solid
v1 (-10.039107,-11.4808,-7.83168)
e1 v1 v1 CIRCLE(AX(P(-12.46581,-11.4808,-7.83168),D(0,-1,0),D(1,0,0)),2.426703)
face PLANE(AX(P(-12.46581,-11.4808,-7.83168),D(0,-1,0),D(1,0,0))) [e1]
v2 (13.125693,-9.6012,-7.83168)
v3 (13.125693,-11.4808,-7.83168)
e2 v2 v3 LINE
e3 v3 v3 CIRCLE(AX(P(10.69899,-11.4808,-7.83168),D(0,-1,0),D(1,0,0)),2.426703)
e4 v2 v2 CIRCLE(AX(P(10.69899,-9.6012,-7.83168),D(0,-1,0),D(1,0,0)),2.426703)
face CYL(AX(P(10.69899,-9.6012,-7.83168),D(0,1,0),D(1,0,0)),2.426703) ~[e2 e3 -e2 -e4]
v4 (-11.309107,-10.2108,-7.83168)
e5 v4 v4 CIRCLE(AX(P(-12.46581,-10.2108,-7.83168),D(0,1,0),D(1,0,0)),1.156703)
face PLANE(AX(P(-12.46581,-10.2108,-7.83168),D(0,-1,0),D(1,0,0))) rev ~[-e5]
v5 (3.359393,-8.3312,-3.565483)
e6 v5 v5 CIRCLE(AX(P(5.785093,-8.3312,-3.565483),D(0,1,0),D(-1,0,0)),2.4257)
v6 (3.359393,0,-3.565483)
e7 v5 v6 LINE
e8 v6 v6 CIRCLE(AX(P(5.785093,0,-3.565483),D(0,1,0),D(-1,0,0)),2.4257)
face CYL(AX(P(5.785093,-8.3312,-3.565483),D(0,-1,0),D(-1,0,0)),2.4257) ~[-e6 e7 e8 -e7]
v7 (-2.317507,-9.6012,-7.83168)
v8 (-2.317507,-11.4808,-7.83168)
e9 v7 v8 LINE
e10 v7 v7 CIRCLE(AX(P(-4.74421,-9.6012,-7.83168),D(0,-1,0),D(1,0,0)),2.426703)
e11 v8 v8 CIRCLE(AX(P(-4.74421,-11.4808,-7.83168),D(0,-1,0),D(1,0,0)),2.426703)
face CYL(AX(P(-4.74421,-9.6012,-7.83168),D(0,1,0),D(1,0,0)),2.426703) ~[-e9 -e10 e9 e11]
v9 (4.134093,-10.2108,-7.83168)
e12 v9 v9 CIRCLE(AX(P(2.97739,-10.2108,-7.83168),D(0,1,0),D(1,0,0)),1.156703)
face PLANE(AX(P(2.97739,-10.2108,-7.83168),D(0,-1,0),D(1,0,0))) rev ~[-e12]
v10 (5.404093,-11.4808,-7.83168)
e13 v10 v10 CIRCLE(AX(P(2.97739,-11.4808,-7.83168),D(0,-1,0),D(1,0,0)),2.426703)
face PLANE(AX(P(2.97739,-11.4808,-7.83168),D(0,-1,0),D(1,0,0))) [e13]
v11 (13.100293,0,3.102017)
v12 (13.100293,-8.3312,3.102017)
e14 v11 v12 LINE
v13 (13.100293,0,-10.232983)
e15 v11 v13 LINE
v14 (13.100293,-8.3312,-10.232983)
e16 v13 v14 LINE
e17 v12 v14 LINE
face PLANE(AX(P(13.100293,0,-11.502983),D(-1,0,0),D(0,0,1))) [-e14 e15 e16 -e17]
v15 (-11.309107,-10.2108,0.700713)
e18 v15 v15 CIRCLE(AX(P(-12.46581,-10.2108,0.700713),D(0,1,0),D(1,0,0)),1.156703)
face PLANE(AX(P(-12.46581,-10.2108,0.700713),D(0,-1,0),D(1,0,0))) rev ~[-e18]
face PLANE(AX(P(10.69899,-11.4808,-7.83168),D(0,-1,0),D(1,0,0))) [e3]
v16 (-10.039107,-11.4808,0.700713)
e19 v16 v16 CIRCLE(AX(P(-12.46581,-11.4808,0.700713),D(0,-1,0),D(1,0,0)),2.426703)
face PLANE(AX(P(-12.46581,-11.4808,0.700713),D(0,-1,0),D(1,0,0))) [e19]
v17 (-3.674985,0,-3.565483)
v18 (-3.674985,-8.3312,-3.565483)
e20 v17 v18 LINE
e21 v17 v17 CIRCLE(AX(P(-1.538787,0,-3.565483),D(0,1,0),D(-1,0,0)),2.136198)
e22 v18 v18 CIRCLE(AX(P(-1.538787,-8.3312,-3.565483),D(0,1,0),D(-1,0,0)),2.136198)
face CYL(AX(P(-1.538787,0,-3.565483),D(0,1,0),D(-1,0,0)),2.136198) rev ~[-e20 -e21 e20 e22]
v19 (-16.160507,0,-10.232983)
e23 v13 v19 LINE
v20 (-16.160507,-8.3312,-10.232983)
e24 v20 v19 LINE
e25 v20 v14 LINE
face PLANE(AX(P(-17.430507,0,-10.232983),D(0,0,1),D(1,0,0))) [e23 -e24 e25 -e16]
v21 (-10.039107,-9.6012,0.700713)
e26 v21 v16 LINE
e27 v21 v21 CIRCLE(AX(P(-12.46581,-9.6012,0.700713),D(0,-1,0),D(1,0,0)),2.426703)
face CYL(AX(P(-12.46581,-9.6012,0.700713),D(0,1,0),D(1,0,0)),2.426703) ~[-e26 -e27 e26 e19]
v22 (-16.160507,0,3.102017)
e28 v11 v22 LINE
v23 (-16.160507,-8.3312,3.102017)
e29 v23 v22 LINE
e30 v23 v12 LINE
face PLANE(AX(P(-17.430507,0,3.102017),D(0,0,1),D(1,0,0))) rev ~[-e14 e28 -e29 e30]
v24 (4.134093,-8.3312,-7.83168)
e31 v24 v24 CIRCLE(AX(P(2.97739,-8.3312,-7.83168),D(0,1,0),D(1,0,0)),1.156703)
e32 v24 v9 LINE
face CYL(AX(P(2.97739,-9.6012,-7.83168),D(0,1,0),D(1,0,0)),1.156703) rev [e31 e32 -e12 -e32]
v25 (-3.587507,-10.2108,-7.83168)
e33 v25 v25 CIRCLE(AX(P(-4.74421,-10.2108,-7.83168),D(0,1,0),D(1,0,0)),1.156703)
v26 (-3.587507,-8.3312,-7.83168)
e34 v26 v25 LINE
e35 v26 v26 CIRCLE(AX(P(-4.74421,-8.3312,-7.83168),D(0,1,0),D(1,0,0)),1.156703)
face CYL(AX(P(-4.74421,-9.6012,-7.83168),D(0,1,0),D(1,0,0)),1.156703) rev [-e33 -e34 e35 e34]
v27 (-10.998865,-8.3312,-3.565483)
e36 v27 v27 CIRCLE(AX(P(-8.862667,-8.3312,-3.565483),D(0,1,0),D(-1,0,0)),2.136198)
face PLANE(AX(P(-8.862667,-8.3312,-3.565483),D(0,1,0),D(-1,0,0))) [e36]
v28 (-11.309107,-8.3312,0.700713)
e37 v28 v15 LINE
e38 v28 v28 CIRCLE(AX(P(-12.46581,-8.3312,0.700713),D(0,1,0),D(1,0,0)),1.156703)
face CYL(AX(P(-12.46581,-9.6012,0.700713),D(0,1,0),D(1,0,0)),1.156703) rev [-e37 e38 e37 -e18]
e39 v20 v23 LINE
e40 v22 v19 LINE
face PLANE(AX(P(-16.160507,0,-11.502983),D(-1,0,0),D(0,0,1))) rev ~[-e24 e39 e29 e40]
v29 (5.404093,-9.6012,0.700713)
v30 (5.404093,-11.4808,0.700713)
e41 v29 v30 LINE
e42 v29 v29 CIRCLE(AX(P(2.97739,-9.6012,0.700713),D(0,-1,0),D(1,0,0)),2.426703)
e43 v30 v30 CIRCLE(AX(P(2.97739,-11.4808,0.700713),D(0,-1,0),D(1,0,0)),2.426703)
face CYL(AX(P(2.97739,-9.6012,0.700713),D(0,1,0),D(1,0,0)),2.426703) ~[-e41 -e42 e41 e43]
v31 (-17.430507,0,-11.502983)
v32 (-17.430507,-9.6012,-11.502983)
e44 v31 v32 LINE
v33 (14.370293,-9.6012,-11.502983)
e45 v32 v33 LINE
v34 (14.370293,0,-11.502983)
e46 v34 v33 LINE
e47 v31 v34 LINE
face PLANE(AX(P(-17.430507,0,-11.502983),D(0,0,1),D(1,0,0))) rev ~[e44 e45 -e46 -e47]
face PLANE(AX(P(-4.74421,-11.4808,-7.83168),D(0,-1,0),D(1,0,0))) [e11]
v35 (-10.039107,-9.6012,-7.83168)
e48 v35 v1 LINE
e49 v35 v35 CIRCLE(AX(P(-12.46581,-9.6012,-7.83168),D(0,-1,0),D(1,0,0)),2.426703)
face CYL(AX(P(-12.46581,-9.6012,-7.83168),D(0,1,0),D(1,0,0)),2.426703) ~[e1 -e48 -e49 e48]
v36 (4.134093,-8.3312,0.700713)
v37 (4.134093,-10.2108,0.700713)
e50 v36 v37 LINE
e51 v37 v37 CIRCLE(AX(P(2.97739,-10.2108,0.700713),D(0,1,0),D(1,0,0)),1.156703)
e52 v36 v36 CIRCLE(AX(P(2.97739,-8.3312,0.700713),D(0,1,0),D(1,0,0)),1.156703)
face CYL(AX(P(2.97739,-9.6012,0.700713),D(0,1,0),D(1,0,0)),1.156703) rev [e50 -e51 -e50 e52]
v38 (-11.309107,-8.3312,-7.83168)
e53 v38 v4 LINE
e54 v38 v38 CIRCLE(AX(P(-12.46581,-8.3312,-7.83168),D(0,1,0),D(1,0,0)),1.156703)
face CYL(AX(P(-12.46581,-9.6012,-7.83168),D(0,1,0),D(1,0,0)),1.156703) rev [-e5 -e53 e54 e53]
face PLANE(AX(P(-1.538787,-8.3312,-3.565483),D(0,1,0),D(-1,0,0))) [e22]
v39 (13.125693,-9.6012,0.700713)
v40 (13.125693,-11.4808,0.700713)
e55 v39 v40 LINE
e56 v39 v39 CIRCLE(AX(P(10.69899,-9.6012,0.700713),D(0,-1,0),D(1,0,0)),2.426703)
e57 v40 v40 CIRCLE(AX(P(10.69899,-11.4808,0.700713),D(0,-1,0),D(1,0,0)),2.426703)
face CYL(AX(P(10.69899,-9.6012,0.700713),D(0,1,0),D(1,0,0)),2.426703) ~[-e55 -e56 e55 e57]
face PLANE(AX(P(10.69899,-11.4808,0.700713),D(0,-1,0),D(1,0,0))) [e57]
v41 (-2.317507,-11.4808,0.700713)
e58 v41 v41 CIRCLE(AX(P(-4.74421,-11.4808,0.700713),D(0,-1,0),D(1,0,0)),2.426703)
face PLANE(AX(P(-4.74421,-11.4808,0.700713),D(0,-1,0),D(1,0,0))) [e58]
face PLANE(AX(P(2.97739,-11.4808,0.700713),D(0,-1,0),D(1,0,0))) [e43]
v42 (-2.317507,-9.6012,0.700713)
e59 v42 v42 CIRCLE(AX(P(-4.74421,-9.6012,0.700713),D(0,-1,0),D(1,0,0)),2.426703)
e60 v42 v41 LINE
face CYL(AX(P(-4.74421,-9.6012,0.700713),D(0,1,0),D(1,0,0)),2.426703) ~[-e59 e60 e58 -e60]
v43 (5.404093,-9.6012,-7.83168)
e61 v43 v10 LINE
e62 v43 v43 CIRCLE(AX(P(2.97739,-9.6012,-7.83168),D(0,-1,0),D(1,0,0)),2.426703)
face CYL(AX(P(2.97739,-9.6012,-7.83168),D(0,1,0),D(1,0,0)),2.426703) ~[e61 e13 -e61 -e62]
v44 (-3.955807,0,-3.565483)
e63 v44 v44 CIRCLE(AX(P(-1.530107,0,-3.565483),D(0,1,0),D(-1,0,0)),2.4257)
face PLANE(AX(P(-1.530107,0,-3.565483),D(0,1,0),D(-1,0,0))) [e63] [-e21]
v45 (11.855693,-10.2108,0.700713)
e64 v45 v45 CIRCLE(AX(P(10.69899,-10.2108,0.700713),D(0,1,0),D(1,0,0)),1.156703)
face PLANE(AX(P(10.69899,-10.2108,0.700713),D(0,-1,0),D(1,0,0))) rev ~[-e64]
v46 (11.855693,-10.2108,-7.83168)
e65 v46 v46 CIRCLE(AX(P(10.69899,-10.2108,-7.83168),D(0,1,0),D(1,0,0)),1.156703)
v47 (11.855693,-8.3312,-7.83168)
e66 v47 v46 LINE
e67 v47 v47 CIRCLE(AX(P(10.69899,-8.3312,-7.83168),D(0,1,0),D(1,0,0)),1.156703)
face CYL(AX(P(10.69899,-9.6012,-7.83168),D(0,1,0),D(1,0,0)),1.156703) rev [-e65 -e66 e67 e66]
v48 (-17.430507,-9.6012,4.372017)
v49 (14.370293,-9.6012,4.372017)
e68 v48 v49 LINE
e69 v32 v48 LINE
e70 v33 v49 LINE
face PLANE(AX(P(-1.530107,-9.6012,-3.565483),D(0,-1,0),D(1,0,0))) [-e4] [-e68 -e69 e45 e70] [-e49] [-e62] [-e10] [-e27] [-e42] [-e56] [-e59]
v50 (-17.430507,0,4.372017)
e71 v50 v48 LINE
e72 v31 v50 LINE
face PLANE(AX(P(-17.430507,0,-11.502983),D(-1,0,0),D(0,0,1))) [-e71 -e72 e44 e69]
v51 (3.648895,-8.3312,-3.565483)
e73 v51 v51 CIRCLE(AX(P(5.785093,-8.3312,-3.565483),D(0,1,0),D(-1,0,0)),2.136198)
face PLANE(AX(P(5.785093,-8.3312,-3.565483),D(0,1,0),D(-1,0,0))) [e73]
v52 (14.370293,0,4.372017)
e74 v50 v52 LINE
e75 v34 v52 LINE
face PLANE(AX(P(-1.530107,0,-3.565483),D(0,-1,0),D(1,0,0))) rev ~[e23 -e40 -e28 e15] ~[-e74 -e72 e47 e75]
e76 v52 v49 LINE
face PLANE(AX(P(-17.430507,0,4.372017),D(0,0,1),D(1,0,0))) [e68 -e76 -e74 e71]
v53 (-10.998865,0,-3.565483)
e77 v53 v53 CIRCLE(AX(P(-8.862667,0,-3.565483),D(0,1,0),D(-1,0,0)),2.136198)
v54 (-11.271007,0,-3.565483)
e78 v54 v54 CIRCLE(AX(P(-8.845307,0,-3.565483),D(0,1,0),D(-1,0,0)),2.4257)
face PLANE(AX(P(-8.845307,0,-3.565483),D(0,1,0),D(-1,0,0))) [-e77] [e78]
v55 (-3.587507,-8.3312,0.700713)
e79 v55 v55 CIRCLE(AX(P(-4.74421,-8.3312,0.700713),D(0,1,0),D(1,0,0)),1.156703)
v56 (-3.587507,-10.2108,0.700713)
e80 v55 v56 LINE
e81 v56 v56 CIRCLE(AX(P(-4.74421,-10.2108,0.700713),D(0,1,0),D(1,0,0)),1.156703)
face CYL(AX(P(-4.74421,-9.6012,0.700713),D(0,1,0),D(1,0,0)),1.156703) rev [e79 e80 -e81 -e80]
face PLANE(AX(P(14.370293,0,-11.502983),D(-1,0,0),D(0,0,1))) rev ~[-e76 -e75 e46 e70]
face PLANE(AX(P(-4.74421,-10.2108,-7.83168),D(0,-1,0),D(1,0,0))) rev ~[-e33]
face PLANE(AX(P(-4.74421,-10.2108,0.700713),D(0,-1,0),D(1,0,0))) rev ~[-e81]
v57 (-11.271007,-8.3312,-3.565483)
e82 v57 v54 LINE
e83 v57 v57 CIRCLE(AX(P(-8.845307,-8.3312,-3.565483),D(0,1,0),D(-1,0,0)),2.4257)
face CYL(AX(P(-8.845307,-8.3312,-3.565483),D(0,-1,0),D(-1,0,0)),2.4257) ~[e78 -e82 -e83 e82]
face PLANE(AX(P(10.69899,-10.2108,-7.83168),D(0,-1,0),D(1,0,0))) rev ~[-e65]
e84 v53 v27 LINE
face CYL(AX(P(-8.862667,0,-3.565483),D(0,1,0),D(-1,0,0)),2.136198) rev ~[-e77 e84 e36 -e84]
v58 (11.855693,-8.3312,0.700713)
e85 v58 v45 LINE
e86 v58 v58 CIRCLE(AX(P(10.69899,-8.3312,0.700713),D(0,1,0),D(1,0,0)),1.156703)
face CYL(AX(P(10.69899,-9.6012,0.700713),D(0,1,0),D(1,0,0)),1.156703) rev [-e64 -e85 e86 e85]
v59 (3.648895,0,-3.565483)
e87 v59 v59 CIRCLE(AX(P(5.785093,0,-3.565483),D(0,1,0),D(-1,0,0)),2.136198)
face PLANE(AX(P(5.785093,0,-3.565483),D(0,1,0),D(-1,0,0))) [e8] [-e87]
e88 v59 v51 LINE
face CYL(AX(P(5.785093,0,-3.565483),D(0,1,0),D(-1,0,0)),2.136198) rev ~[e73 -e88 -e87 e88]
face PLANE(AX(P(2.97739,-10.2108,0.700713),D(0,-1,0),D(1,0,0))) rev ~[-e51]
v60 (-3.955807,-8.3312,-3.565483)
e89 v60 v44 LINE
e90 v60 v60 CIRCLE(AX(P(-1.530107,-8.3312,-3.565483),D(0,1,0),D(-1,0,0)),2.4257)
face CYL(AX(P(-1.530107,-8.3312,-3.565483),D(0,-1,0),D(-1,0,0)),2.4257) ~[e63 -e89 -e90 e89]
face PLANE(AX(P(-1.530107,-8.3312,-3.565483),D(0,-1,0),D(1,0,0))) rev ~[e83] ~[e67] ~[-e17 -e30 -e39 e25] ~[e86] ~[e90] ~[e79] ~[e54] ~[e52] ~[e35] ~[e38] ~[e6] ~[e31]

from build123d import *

# Parameters (mm, degrees)
F0_W     = 31.8008
F0_H     = 15.875
F1_DEPTH = 9.6012
F2_R     = 2.4267031392
F3_DEPTH = 1.8796
F4_T     = -1.27
F5_R     = 2.4257
F6_DEPTH = 8.3312
F7_R     = 2.1361983008
F8_DEPTH = 8.3312


with BuildPart() as f1:
    # F0 (on Front) → F1 (new body)
    with BuildSketch(Plane.XZ):
        with Locations((-1.5301071107, -3.5654834016)):
            Rectangle(F0_W, F0_H)
    extrude(amount=F1_DEPTH)

    # F2 (on face) → F3 (join)
    with BuildSketch(Plane.XZ.offset(9.6012)):
        with Locations((10.6989897501, -7.8316802624)):
            Circle(F2_R)
        with Locations((2.9773897501, -7.8316802624)):
            Circle(F2_R)
        with Locations((-4.7442102499, -7.8316802624)):
            Circle(F2_R)
        with Locations((-12.4658102499, -7.8316802624)):
            Circle(F2_R)
        with Locations((2.9773897501, 0.7007134592)):
            Circle(F2_R)
        with Locations((-4.7442102499, 0.7007134592)):
            Circle(F2_R)
        with Locations((-12.4658102499, 0.7007134592)):
            Circle(F2_R)
        with Locations((10.6989897501, 0.7007134592)):
            Circle(F2_R)
    extrude(amount=F3_DEPTH)

    # F4
    f4_openings = [f1.faces().sort_by_distance(p)[0] for p in [
        (-1.530107, 0, -3.565483),
    ]]
    offset(amount=F4_T, openings=f4_openings, kind=Kind.INTERSECTION)

    # F5 (on face) → F6 (join, through all)
    with BuildSketch(Plane(origin=(0, -8.3312, 0), x_dir=(-1, 0, 0), z_dir=(0, 1, 0))):
        with Locations((1.5301071107, -3.5654834016)):
            Circle(F5_R)
        with Locations((8.8453071107, -3.5654834016)):
            Circle(F5_R)
        with Locations((-5.7850928893, -3.5654834016)):
            Circle(F5_R)
    extrude(amount=F6_DEPTH)

    # F7 (on face) → F8 (cut, through all)
    with BuildSketch(Plane(origin=(0, 0, 0), x_dir=(-1, 0, 0), z_dir=(0, 1, 0))):
        with Locations((-5.7850928893, -3.5654834016)):
            Circle(F7_R)
        with Locations((1.5387871107, -3.5654834016)):
            Circle(F7_R)
        with Locations((8.8626671107, -3.5654834016)):
            Circle(F7_R)
    extrude(amount=-F8_DEPTH, mode=Mode.SUBTRACT)


solid = f1.part
